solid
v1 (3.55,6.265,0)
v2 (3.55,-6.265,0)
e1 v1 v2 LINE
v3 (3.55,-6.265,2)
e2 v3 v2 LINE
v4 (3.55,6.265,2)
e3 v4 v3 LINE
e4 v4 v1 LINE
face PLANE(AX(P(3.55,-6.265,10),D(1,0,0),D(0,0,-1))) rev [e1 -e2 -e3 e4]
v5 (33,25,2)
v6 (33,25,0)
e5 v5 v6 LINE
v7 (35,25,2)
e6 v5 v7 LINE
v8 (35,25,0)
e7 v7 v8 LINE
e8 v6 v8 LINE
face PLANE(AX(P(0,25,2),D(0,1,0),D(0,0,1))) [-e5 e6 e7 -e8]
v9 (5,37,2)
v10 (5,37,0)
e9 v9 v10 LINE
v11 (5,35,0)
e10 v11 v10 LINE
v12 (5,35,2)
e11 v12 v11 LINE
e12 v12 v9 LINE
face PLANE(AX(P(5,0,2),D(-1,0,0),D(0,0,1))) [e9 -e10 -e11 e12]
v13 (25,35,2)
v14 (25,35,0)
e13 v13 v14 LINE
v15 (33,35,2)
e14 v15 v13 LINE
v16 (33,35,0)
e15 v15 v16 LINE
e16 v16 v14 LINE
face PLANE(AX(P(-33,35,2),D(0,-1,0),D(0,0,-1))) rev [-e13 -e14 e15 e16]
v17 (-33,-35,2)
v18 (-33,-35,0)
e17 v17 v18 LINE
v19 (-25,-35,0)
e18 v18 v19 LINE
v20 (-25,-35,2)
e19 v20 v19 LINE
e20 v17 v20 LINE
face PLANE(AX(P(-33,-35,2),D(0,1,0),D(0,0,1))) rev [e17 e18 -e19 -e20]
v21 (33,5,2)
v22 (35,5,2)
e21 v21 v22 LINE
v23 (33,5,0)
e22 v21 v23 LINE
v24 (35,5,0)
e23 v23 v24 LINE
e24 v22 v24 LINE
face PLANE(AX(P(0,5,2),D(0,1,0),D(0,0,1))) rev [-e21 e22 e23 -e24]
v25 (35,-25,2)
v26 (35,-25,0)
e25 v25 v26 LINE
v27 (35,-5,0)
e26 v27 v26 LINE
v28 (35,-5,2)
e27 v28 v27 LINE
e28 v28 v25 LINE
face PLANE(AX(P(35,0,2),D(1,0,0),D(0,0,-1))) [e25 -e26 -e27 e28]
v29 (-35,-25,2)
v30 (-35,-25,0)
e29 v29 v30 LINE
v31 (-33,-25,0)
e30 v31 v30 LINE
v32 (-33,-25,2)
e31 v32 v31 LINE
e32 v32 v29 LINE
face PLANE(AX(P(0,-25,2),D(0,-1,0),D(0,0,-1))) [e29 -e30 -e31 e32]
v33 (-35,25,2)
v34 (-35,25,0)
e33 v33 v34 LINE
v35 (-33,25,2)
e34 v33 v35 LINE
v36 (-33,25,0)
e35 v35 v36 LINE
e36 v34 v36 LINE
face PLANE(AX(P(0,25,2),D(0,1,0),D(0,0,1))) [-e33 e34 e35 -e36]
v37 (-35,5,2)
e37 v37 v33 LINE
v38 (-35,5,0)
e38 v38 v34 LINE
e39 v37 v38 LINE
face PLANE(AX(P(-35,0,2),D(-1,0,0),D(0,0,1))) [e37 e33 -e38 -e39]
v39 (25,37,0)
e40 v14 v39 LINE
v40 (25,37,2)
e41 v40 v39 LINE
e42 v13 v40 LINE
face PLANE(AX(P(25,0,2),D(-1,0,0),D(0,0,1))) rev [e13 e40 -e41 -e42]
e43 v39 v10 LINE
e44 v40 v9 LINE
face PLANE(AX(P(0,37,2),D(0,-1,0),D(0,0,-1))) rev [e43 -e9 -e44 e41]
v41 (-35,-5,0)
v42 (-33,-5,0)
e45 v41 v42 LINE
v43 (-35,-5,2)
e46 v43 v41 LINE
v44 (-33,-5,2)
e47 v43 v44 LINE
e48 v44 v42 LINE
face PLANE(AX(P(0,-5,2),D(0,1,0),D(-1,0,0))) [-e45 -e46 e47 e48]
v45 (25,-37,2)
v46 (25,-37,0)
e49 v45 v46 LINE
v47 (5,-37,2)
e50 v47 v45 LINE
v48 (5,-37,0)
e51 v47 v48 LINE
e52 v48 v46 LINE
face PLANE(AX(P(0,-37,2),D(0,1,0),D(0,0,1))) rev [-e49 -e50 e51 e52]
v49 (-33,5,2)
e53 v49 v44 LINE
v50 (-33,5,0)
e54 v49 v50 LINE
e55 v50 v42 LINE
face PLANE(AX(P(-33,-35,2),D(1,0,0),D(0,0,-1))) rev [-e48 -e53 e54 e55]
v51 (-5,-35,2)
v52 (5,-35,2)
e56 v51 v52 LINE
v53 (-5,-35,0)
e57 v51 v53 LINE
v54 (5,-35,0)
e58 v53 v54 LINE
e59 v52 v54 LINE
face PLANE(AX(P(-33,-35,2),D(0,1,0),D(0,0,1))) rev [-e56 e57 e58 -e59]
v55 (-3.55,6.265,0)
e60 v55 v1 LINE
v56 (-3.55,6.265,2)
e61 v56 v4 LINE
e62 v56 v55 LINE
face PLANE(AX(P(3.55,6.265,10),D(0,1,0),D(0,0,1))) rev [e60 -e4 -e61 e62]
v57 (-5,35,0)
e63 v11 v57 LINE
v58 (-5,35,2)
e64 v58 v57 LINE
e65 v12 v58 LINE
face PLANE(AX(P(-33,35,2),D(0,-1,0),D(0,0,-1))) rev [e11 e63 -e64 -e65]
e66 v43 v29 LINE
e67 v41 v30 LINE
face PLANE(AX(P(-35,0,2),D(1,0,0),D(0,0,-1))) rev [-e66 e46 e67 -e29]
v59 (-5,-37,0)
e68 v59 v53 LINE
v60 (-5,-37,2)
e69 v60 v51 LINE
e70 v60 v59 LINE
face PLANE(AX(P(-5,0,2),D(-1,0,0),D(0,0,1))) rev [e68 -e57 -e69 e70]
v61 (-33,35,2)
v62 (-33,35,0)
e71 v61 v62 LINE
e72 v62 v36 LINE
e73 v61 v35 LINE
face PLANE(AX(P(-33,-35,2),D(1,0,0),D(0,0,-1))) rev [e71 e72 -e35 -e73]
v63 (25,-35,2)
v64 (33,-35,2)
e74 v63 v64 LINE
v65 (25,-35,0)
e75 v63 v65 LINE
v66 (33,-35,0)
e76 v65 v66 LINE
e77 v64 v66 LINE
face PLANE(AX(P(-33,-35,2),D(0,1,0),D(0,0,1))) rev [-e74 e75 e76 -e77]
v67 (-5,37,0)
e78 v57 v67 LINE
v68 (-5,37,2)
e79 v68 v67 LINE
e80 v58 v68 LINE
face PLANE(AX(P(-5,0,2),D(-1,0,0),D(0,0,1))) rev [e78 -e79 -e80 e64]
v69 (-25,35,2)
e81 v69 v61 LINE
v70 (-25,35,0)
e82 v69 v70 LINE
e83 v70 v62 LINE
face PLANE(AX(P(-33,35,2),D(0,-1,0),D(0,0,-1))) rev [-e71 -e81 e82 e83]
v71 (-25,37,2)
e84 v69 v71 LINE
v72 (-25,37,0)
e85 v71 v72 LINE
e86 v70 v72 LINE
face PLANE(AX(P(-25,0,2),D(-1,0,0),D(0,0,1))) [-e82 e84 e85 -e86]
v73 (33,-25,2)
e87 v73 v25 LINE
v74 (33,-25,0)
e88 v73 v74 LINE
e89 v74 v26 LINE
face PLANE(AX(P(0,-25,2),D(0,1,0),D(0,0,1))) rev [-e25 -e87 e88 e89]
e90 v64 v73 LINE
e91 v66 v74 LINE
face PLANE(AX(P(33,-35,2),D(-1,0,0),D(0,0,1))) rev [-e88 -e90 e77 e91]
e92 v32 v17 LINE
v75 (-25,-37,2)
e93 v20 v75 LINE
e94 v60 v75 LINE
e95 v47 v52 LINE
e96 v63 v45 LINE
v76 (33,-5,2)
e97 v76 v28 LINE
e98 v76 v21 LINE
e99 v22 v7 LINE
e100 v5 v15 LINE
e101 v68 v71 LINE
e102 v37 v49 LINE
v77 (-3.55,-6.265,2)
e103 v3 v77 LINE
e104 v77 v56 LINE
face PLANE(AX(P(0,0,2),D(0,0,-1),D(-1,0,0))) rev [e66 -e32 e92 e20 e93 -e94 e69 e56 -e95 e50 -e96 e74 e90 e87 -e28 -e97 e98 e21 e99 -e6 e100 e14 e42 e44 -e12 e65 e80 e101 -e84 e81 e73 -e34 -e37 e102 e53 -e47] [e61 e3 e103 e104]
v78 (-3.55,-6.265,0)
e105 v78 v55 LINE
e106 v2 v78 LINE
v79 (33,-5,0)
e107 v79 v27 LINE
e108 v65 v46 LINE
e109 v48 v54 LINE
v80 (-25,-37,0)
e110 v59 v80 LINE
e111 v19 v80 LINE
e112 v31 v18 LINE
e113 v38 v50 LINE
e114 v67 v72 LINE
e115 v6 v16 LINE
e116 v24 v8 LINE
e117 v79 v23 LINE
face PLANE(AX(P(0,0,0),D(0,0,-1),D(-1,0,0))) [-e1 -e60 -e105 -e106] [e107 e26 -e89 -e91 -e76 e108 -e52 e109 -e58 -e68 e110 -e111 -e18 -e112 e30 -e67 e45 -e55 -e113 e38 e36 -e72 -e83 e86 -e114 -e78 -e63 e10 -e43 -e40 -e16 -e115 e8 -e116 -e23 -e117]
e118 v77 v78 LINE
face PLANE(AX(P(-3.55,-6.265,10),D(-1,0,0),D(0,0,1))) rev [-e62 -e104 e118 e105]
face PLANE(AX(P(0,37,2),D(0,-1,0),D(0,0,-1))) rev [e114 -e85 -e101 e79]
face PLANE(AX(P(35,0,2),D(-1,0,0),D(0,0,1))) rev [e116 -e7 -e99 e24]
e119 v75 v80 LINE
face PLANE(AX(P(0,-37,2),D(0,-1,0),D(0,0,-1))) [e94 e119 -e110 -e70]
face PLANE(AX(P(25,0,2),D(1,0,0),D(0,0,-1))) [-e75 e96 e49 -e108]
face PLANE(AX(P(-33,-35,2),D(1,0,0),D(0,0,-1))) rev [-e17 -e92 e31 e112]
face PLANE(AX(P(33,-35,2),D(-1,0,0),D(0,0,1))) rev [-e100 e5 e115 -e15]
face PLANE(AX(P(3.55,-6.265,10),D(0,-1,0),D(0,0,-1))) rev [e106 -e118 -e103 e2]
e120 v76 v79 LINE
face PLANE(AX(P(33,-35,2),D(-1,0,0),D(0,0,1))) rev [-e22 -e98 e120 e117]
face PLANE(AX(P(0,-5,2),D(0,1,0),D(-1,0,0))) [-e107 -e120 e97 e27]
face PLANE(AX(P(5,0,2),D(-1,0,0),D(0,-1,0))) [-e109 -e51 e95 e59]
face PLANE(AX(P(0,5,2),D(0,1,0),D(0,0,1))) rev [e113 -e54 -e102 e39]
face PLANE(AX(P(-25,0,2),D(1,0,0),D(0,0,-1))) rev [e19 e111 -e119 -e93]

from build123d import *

# Parameters (mm, degrees)
SKETCH1_W           = 66
SKETCH1_H           = 70
BOSS_EXTRUDE1_DEPTH = 2
SKETCH2_W           = 2
SKETCH2_H           = 20
BOSS_EXTRUDE2_DEPTH = 2
SKETCH3_W           = 20
SKETCH3_H           = 2
BOSS_EXTRUDE3_DEPTH = 2
SKETCH4_W           = 7.1
SKETCH4_H           = 12.53
CUT_EXTRUDE1_DEPTH  = 10


with BuildPart() as part:
    # Sketch1 → Boss-Extrude1 (new body)
    with BuildSketch(Plane.XY):
        Rectangle(SKETCH1_W, SKETCH1_H)
    extrude(amount=BOSS_EXTRUDE1_DEPTH)

    # Sketch2 → Boss-Extrude2 (add)
    with BuildSketch(Plane(origin=(0, 0, 0), x_dir=(-1, 0, 0), z_dir=(0, 0, -1))):
        with Locations((34, -15)):
            Rectangle(SKETCH2_W, SKETCH2_H)
        with Locations((34, 15)):
            Rectangle(SKETCH2_W, SKETCH2_H)
        with Locations((-34, -15)):
            Rectangle(SKETCH2_W, SKETCH2_H)
        with Locations((-34, 15)):
            Rectangle(SKETCH2_W, SKETCH2_H)
    extrude(amount=-BOSS_EXTRUDE2_DEPTH)

    # Sketch3 → Boss-Extrude3 (add)
    with BuildSketch(Plane(origin=(0, 0, 0), x_dir=(-1, 0, 0), z_dir=(0, 0, -1))):
        with Locations((-15, 36)):
            Rectangle(SKETCH3_W, SKETCH3_H)
        with Locations((15, 36)):
            Rectangle(SKETCH3_W, SKETCH3_H)
        with Locations((-15, -36)):
            Rectangle(SKETCH3_W, SKETCH3_H)
        with Locations((15, -36)):
            Rectangle(SKETCH3_W, SKETCH3_H)
    extrude(amount=-BOSS_EXTRUDE3_DEPTH)

    # Sketch4 → Cut-Extrude1 (cut)
    with BuildSketch(Plane(origin=(0, 0, 0), x_dir=(-1, 0, 0), z_dir=(0, 0, -1))):
        Rectangle(SKETCH4_W, SKETCH4_H)
    extrude(amount=-CUT_EXTRUDE1_DEPTH, mode=Mode.SUBTRACT)


solid = part.part
